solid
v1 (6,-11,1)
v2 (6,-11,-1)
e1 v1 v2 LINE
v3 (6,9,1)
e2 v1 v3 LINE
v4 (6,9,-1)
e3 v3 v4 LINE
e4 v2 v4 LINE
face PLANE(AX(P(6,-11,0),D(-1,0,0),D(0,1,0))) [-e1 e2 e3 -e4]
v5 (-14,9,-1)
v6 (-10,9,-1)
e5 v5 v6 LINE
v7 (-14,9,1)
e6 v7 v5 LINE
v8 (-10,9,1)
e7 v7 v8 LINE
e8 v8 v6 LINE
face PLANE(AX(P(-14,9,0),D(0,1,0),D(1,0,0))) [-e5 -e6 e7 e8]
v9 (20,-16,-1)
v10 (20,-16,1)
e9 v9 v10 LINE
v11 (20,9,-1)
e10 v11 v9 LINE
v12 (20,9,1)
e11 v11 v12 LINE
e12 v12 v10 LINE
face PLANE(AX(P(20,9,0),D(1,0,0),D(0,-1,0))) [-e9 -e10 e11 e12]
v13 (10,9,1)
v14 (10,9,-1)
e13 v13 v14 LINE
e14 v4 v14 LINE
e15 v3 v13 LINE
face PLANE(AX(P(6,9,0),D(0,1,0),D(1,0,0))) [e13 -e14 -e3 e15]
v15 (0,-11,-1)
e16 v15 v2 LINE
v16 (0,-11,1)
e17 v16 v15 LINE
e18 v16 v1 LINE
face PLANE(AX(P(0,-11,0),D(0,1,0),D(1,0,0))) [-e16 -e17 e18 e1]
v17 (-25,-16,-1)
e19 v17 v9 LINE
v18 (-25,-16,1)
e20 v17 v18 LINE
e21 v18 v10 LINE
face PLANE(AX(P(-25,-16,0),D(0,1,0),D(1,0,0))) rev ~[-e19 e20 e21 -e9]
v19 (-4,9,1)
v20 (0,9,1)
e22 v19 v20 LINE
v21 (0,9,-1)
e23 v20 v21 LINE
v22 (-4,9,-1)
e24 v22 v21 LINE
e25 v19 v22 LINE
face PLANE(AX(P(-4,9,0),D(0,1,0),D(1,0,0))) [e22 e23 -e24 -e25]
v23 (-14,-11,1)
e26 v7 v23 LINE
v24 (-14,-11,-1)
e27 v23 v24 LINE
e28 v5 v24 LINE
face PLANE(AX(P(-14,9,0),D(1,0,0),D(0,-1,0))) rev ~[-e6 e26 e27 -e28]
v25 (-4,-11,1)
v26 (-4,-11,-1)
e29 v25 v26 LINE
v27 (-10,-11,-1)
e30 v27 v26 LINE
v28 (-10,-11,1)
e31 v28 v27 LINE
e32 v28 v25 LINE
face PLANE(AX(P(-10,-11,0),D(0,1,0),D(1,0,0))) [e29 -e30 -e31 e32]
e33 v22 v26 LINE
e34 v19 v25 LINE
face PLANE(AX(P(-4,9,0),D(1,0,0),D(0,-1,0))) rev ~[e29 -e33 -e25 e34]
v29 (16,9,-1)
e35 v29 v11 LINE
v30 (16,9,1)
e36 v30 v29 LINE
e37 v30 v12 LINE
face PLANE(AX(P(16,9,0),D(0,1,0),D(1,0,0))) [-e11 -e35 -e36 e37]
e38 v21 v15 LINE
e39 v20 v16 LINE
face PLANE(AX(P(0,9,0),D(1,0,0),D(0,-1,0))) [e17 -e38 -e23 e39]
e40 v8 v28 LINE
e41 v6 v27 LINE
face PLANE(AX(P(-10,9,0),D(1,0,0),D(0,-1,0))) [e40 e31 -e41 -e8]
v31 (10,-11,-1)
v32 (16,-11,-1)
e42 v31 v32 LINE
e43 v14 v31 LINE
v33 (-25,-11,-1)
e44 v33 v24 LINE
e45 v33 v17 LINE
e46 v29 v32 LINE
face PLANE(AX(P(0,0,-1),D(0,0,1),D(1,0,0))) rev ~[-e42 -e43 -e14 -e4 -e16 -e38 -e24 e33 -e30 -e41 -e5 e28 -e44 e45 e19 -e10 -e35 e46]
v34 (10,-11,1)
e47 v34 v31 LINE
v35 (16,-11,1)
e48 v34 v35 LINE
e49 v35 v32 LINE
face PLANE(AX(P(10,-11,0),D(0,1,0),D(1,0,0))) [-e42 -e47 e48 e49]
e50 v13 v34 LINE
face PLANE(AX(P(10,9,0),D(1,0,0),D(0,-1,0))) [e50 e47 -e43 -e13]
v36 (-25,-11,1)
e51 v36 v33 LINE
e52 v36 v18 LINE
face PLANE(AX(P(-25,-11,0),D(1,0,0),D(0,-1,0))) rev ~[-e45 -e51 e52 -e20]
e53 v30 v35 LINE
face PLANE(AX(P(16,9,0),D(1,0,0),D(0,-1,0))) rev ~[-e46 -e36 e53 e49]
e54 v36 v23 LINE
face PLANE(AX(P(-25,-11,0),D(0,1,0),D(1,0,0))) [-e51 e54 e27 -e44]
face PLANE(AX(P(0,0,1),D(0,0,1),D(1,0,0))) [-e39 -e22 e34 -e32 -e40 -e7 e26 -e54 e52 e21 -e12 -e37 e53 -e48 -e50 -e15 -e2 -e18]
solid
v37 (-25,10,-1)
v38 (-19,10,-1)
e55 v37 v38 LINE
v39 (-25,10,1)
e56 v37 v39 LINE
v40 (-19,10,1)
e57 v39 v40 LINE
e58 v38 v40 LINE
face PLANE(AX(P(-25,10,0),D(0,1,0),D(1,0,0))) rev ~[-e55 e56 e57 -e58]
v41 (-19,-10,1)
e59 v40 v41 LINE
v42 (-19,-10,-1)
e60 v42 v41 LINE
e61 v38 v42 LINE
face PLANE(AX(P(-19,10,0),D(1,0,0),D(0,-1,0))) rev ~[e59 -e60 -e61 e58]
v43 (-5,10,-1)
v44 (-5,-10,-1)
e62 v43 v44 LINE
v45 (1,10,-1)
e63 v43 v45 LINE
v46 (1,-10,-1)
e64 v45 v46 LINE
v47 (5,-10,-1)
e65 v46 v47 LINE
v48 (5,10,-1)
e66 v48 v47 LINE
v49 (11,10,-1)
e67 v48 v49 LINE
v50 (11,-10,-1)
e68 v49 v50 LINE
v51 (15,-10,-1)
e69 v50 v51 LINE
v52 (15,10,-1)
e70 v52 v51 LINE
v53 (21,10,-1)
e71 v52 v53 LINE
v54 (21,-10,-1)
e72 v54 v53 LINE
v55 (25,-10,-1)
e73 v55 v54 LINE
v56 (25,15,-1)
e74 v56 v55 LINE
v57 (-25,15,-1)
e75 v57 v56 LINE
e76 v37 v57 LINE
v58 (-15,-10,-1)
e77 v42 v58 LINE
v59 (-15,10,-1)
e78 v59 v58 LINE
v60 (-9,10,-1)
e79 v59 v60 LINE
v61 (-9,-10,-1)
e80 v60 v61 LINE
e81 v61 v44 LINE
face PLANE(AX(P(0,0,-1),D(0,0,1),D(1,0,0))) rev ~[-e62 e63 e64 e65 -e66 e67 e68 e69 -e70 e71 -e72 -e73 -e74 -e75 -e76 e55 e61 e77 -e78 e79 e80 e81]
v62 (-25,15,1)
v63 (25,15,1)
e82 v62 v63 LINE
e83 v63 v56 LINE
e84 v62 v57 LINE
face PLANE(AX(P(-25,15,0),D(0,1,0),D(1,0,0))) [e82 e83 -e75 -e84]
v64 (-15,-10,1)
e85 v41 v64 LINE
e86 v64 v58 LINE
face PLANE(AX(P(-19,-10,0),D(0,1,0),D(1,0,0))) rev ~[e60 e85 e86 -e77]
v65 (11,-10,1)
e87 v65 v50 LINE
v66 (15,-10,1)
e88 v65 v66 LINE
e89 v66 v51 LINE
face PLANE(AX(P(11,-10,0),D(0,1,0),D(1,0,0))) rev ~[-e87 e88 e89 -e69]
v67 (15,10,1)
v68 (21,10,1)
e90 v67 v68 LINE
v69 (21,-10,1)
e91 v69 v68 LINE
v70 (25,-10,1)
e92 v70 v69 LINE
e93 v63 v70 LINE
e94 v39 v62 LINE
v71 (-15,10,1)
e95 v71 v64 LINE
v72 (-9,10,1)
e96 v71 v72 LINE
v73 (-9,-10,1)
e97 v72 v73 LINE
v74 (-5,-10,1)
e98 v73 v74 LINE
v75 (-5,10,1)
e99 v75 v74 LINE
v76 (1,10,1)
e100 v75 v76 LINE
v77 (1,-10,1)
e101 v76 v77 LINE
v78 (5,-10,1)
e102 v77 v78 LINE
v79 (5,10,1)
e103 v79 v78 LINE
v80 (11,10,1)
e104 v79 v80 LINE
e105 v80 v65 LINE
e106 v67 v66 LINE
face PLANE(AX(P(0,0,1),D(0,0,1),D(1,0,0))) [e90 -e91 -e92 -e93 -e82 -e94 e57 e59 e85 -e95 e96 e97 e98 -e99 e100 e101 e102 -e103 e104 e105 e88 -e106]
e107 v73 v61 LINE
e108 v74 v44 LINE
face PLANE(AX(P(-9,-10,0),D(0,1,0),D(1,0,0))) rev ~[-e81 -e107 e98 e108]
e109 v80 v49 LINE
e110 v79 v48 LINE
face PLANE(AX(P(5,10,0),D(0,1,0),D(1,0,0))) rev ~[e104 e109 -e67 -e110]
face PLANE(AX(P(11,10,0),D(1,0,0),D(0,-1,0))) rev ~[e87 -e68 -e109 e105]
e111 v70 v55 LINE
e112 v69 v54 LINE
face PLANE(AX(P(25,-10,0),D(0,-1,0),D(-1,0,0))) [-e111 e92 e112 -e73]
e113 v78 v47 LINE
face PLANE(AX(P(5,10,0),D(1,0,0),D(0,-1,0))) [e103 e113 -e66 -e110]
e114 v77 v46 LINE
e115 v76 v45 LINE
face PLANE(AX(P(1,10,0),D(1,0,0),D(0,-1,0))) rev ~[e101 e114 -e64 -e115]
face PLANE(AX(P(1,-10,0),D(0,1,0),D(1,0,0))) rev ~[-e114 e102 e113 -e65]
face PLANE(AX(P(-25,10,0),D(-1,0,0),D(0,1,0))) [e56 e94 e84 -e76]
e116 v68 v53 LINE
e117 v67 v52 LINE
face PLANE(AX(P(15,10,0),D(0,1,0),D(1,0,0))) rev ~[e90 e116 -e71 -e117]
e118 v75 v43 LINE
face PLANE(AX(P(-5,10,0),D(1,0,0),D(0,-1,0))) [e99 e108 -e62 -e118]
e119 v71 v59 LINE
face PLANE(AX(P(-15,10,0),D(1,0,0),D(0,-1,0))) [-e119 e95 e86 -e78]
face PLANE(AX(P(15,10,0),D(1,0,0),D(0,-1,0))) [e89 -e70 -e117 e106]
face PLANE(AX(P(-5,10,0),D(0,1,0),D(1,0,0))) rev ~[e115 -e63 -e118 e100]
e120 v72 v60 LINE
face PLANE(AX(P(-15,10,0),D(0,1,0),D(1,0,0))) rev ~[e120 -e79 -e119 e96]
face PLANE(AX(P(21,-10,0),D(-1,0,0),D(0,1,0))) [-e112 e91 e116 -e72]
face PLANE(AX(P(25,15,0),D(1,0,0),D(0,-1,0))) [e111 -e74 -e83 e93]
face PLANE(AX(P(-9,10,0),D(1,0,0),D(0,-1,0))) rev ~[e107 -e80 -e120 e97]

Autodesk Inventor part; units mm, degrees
ref_plane "YZ Plane" through (0, 0, 0) normal (1, 0, 0) x (0, 1, 0)
ref_plane "XZ Plane" through (0, 0, 0) normal (0, 1, 0) x (-1, 0, 0)
ref_plane "XY Plane" through (0, 0, 0) normal (0, 0, 1) x (1, 0, 0)
sketch "Esboço1" plane through (0, 0, 0) normal (0, 0, 1) x (1, 0, 0)
  line L0 (-25, 10) -> (-25, 15)
  line L1 (-25, 15) -> (25, 15)
  line L2 (25, 15) -> (25, -10)
  line L3 (25, -10) -> (21, -10)
  line L4 (21, -10) -> (21, 10)
  line L5 (15, 10) -> (21, 10)
  line L6 (15, 10) -> (15, -10)
  line L7 (1, -10) -> (5, -10)
  line L8 (1, 10) -> (1, -10)
  line L9 (11, -10) -> (15, -10)
  line L10 (11, 10) -> (11, -10)
  line L11 (5, 10) -> (11, 10)
  line L12 (5, 10) -> (5, -10)
  line L13 (-9, 10) -> (-9, -10)
  line L14 (-5, 10) -> (-5, -10)
  line L15 (-5, 10) -> (1, 10)
  line L16 (-9, -10) -> (-5, -10)
  line L17 (-15, 10) -> (-9, 10)
  line L18 (-19, 10) -> (-19, -10)
  line L19 (-15, 10) -> (-15, -10)
  line L20 (-25, 10) -> (-19, 10)
  line L21 (-19, -10) -> (-15, -10)
  line L22 (-25, -16) -> (20, -16)
  line L23 (-25, -11) -> (-25, -16)
  line L24 (-10, -11) -> (-4, -11)
  line L25 (-10, 9) -> (-10, -11)
  line L26 (-14, 9) -> (-14, -11)
  line L27 (6, -11) -> (6, 9)
  line L28 (16, 9) -> (16, -11)
  line L29 (10, 9) -> (10, -11)
  line L30 (-4, 9) -> (-4, -11)
  line L31 (0, 9) -> (0, -11)
  line L32 (20, 9) -> (20, -16)
  line L33 (-25, -11) -> (-14, -11)
  line L34 (-14, 9) -> (-10, 9)
  line L35 (-4, 9) -> (0, 9)
  line L36 (0, -11) -> (6, -11)
  line L37 (6, 9) -> (10, 9)
  line L38 (16, 9) -> (20, 9)
  line L39 (10, -11) -> (16, -11)
  point P0 (0, 0)
  point P1 (0, 15)
  dimension "d5" = 5
  dimension "d6" = 50
  dimension "d7" = 15
  dimension "d9" = 25
  dimension "d10" = 4
  dimension "d12" = 6
  dimension "d37" = 5
  dimension "d43" = 1
  dimension "d45" = 1
extrude "Extrusão1" add sketch "Esboço1" along normal mid plane 2
properties part number "Sensor_0001_001"
